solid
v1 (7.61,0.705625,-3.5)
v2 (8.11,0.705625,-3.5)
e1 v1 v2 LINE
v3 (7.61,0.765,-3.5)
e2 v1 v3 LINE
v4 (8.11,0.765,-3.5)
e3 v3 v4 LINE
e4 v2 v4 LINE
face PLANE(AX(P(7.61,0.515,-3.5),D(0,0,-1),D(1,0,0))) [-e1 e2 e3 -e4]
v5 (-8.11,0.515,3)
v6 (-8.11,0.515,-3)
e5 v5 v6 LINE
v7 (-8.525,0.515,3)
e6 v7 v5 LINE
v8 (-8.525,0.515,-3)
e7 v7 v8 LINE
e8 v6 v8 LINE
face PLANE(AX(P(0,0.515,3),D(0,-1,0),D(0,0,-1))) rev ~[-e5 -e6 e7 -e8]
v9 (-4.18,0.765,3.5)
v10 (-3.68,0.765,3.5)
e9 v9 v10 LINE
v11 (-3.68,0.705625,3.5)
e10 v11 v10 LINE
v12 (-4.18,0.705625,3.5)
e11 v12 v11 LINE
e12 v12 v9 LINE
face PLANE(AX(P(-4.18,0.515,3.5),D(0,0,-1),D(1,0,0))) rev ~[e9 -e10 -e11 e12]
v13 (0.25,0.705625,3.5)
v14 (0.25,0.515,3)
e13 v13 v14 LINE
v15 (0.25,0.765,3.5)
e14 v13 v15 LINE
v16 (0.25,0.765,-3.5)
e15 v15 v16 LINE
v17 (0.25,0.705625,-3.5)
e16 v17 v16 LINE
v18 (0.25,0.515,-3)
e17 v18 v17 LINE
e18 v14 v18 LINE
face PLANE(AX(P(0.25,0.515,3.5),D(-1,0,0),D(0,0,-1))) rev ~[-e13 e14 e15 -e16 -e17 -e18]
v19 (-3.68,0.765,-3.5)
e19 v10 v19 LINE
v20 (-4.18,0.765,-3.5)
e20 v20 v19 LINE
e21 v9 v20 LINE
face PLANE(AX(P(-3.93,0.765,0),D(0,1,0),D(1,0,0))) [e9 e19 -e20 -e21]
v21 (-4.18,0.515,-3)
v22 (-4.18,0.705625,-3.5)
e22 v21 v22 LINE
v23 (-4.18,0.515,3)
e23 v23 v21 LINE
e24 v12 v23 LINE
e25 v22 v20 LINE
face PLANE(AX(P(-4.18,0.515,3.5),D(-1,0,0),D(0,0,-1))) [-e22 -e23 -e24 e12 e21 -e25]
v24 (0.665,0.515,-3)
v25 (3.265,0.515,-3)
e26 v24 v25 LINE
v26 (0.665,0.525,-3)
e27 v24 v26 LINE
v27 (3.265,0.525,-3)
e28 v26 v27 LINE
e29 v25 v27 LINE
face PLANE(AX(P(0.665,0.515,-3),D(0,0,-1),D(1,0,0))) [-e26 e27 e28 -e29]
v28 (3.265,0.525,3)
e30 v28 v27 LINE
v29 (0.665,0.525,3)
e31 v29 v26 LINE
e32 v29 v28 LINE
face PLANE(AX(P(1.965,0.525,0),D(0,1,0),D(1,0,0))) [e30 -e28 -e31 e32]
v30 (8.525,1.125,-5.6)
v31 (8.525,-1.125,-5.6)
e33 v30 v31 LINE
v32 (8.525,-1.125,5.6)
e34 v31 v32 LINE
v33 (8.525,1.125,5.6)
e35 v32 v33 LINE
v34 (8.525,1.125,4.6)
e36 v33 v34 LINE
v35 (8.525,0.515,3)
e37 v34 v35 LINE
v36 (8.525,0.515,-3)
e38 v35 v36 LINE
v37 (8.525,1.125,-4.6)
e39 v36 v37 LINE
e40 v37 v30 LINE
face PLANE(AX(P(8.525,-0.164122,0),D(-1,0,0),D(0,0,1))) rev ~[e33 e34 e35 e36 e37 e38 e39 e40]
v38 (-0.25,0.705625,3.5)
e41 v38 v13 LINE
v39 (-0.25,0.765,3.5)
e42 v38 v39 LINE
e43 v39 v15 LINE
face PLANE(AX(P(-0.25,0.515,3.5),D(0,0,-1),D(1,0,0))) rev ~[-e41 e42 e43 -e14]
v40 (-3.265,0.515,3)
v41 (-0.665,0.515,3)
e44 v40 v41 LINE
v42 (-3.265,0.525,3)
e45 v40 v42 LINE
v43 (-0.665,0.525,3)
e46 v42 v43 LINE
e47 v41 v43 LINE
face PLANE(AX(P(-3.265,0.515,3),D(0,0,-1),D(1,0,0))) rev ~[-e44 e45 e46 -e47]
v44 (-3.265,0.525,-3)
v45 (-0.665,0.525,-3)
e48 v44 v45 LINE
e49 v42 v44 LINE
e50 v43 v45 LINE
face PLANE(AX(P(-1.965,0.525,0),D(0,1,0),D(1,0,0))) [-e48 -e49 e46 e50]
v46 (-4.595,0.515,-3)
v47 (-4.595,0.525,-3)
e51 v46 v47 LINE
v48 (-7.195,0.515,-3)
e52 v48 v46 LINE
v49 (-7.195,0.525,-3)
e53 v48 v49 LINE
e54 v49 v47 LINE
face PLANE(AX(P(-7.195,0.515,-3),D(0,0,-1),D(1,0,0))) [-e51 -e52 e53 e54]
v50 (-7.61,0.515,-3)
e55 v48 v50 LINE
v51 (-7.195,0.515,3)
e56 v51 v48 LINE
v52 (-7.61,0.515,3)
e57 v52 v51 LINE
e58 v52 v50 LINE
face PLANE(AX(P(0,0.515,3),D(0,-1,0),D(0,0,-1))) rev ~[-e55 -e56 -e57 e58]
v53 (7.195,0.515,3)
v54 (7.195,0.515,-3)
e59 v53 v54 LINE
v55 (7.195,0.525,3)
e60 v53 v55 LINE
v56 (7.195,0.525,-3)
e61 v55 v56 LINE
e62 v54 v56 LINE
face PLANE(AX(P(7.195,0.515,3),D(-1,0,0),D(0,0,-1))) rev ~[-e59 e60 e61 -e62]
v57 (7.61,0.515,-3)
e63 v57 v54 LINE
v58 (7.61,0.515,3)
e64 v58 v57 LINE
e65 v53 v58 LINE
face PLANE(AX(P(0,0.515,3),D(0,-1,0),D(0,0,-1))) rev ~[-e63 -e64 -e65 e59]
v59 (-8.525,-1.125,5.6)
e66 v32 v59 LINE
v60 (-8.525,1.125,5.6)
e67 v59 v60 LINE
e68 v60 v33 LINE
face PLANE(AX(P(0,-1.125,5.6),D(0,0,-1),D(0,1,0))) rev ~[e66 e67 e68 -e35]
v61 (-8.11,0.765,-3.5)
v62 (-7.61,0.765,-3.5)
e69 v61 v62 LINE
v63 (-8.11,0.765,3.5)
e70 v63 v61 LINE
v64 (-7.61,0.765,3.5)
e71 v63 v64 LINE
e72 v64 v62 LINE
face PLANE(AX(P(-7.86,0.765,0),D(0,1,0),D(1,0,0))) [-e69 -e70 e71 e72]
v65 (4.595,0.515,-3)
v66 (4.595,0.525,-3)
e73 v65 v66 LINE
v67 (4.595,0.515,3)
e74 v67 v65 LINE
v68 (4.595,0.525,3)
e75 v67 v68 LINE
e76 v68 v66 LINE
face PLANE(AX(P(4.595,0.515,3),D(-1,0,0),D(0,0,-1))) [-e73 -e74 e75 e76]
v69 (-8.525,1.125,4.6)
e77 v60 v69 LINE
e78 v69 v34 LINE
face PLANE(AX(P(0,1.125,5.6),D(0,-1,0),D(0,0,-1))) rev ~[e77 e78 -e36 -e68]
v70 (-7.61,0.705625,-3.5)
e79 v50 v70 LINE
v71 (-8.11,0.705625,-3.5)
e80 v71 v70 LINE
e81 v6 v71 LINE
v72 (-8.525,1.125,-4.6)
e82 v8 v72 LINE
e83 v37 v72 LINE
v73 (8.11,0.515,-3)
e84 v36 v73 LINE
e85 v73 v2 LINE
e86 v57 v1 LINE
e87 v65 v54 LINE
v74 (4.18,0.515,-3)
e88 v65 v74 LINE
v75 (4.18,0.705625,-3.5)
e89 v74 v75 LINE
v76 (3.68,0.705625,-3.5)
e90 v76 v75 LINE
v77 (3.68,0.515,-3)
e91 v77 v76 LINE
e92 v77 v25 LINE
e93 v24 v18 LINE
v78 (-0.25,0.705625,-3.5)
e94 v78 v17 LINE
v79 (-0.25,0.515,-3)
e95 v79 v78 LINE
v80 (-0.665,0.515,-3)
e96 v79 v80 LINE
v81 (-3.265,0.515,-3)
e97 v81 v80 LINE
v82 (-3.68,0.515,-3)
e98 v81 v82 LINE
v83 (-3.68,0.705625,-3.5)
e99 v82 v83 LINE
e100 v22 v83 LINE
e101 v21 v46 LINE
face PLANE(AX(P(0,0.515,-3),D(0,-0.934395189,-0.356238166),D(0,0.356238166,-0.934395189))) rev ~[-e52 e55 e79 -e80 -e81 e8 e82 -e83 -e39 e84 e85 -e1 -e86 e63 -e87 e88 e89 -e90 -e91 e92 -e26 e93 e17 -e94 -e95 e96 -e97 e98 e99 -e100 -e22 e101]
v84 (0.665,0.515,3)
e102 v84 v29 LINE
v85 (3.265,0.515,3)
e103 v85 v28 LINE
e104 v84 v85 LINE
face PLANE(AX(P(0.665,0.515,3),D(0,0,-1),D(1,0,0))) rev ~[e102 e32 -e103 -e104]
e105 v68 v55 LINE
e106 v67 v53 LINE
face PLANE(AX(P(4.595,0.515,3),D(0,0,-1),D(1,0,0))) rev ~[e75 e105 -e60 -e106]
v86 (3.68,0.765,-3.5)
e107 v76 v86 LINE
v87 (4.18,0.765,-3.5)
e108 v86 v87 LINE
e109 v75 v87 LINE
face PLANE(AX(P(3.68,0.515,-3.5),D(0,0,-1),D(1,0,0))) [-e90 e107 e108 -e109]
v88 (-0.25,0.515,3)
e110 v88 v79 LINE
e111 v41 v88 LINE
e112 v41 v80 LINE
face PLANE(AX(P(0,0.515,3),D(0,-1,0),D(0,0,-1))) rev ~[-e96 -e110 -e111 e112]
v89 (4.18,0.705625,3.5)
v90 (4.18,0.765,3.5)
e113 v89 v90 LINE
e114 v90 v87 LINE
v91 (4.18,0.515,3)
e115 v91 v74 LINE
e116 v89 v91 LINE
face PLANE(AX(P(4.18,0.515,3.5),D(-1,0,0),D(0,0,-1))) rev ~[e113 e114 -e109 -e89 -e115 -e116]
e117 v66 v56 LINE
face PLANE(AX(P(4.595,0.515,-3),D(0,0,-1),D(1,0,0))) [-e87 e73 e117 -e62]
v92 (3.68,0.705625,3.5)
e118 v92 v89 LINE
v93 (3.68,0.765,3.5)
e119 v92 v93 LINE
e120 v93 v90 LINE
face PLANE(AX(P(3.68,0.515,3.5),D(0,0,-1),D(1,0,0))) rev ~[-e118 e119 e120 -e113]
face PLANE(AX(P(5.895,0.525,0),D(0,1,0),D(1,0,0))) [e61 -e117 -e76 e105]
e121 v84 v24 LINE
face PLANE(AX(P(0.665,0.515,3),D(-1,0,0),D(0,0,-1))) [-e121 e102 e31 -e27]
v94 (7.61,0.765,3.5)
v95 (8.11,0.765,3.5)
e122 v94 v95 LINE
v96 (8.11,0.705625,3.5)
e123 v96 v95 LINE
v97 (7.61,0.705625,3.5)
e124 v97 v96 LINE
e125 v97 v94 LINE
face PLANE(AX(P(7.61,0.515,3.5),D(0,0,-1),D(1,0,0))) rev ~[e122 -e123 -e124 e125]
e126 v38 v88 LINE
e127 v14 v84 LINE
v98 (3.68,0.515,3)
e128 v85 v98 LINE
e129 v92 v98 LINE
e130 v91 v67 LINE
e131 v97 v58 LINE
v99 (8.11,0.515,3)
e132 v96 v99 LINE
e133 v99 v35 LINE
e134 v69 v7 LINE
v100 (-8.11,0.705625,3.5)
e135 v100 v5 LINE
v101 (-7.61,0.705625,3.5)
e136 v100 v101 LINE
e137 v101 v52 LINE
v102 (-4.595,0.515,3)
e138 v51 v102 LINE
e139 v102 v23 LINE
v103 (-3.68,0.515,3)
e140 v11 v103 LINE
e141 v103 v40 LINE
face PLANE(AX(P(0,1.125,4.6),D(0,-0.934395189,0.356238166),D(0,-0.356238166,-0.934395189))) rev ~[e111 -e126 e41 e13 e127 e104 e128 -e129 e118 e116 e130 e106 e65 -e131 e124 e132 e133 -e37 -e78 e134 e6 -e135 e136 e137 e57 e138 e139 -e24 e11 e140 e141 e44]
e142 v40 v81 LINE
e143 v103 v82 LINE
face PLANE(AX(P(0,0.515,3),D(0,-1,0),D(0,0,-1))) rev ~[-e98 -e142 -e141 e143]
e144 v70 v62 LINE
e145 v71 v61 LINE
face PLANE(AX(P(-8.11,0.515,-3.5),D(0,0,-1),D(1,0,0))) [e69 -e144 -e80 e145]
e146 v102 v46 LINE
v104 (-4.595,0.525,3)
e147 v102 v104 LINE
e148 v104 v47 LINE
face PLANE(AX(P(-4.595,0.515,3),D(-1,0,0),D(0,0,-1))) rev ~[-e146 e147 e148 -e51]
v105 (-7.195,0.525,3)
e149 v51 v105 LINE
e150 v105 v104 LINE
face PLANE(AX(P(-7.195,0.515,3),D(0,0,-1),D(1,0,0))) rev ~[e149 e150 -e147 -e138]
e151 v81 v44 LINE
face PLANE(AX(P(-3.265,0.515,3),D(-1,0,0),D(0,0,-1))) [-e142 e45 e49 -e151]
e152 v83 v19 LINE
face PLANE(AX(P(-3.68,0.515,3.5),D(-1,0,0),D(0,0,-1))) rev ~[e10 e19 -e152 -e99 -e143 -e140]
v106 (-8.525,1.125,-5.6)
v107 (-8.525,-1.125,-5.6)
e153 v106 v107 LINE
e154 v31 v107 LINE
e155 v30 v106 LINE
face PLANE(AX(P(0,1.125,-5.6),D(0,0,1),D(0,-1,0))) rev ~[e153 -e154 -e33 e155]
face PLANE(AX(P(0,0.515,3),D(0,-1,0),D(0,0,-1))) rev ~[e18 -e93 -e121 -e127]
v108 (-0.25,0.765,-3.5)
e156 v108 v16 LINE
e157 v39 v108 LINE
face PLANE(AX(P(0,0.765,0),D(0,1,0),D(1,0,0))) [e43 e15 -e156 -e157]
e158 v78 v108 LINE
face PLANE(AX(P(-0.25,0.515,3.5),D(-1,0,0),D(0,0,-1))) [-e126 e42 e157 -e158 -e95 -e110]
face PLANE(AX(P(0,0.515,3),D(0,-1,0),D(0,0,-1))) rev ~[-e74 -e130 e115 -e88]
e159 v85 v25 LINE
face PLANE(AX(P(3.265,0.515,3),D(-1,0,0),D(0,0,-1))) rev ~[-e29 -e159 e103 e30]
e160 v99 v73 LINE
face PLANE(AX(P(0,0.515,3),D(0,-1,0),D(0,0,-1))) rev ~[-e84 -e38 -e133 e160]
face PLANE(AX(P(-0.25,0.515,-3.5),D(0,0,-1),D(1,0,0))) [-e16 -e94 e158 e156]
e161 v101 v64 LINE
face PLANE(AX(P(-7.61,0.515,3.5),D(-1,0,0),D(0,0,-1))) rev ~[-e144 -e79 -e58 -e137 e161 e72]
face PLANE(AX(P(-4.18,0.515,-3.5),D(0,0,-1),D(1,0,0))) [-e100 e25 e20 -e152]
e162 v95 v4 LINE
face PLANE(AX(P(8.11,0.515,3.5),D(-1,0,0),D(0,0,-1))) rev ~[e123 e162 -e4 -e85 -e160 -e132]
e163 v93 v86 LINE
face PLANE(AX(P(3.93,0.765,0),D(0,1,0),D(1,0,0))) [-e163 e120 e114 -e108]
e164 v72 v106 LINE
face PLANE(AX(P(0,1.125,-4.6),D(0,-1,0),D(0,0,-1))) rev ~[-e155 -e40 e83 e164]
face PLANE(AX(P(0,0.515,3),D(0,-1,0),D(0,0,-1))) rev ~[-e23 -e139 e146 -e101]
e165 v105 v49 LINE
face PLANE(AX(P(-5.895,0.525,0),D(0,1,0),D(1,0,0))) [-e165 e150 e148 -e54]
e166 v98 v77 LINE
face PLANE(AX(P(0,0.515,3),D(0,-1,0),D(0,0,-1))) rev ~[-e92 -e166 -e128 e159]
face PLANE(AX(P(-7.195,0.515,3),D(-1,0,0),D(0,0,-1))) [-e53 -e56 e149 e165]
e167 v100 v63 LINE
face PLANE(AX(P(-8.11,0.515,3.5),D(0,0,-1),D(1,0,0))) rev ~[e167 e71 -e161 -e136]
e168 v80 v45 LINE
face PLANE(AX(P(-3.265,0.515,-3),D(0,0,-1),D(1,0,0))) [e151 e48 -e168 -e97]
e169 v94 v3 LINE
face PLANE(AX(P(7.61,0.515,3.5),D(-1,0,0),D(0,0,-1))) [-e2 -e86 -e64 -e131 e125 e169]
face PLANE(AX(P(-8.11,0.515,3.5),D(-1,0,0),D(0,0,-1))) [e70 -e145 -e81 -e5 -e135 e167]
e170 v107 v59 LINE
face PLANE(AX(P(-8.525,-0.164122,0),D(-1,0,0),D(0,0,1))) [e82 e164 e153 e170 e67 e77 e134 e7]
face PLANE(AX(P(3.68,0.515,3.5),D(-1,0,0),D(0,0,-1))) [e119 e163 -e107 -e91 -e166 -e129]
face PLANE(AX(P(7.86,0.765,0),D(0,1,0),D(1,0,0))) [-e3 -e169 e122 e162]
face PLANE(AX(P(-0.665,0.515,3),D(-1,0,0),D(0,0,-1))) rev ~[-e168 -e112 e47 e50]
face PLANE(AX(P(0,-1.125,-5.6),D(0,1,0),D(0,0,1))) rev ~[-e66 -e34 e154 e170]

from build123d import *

# Parameters (mm, degrees)
BOSS_EXTRUDE1_DEPTH = 8.525
SKETCH2_W           = 0.5
SKETCH2_H           = 7
BOSS_EXTRUDE2_DEPTH = 0.25
SKETCH3_W           = 2.6
SKETCH3_H           = 6
BOSS_EXTRUDE3_DEPTH = 0.01


with BuildPart() as part:
    # Sketch1 → Boss-Extrude1 (new, symmetric)
    with BuildSketch(Plane(origin=(0, 0, 0), x_dir=(0, 0, -1), z_dir=(1, 0, 0))):
        Polygon((-3, 0.515), (3, 0.515), (4.6, 1.125), (5.6, 1.125), (5.6, -1.125), (-5.6, -1.125), (-5.6, 1.125), (-4.6, 1.125), align=None)
    extrude(amount=BOSS_EXTRUDE1_DEPTH, both=True)

    # Sketch2 → Boss-Extrude2 (add)
    with BuildSketch(Plane(origin=(0, 0.515, 0), x_dir=(1, 0, 0), z_dir=(0, 1, 0))):
        with Locations((-7.86, 0)):
            Rectangle(SKETCH2_W, SKETCH2_H)
        with Locations((-3.93, 0)):
            Rectangle(SKETCH2_W, SKETCH2_H)
        Rectangle(SKETCH2_W, SKETCH2_H)
        with Locations((3.93, 0)):
            Rectangle(SKETCH2_W, SKETCH2_H)
        with Locations((7.86, 0)):
            Rectangle(SKETCH2_W, SKETCH2_H)
    extrude(amount=BOSS_EXTRUDE2_DEPTH)

    # Sketch3 → Boss-Extrude3 (add)
    with BuildSketch(Plane(origin=(0, 0.515, 0), x_dir=(1, 0, 0), z_dir=(0, 1, 0))):
        with Locations((-5.895, 0)):
            Rectangle(SKETCH3_W, SKETCH3_H)
        with Locations((-1.965, 0)):
            Rectangle(SKETCH3_W, SKETCH3_H)
        with Locations((1.965, 0)):
            Rectangle(SKETCH3_W, SKETCH3_H)
        with Locations((5.895, 0)):
            Rectangle(SKETCH3_W, SKETCH3_H)
    extrude(amount=BOSS_EXTRUDE3_DEPTH)


solid = part.part
